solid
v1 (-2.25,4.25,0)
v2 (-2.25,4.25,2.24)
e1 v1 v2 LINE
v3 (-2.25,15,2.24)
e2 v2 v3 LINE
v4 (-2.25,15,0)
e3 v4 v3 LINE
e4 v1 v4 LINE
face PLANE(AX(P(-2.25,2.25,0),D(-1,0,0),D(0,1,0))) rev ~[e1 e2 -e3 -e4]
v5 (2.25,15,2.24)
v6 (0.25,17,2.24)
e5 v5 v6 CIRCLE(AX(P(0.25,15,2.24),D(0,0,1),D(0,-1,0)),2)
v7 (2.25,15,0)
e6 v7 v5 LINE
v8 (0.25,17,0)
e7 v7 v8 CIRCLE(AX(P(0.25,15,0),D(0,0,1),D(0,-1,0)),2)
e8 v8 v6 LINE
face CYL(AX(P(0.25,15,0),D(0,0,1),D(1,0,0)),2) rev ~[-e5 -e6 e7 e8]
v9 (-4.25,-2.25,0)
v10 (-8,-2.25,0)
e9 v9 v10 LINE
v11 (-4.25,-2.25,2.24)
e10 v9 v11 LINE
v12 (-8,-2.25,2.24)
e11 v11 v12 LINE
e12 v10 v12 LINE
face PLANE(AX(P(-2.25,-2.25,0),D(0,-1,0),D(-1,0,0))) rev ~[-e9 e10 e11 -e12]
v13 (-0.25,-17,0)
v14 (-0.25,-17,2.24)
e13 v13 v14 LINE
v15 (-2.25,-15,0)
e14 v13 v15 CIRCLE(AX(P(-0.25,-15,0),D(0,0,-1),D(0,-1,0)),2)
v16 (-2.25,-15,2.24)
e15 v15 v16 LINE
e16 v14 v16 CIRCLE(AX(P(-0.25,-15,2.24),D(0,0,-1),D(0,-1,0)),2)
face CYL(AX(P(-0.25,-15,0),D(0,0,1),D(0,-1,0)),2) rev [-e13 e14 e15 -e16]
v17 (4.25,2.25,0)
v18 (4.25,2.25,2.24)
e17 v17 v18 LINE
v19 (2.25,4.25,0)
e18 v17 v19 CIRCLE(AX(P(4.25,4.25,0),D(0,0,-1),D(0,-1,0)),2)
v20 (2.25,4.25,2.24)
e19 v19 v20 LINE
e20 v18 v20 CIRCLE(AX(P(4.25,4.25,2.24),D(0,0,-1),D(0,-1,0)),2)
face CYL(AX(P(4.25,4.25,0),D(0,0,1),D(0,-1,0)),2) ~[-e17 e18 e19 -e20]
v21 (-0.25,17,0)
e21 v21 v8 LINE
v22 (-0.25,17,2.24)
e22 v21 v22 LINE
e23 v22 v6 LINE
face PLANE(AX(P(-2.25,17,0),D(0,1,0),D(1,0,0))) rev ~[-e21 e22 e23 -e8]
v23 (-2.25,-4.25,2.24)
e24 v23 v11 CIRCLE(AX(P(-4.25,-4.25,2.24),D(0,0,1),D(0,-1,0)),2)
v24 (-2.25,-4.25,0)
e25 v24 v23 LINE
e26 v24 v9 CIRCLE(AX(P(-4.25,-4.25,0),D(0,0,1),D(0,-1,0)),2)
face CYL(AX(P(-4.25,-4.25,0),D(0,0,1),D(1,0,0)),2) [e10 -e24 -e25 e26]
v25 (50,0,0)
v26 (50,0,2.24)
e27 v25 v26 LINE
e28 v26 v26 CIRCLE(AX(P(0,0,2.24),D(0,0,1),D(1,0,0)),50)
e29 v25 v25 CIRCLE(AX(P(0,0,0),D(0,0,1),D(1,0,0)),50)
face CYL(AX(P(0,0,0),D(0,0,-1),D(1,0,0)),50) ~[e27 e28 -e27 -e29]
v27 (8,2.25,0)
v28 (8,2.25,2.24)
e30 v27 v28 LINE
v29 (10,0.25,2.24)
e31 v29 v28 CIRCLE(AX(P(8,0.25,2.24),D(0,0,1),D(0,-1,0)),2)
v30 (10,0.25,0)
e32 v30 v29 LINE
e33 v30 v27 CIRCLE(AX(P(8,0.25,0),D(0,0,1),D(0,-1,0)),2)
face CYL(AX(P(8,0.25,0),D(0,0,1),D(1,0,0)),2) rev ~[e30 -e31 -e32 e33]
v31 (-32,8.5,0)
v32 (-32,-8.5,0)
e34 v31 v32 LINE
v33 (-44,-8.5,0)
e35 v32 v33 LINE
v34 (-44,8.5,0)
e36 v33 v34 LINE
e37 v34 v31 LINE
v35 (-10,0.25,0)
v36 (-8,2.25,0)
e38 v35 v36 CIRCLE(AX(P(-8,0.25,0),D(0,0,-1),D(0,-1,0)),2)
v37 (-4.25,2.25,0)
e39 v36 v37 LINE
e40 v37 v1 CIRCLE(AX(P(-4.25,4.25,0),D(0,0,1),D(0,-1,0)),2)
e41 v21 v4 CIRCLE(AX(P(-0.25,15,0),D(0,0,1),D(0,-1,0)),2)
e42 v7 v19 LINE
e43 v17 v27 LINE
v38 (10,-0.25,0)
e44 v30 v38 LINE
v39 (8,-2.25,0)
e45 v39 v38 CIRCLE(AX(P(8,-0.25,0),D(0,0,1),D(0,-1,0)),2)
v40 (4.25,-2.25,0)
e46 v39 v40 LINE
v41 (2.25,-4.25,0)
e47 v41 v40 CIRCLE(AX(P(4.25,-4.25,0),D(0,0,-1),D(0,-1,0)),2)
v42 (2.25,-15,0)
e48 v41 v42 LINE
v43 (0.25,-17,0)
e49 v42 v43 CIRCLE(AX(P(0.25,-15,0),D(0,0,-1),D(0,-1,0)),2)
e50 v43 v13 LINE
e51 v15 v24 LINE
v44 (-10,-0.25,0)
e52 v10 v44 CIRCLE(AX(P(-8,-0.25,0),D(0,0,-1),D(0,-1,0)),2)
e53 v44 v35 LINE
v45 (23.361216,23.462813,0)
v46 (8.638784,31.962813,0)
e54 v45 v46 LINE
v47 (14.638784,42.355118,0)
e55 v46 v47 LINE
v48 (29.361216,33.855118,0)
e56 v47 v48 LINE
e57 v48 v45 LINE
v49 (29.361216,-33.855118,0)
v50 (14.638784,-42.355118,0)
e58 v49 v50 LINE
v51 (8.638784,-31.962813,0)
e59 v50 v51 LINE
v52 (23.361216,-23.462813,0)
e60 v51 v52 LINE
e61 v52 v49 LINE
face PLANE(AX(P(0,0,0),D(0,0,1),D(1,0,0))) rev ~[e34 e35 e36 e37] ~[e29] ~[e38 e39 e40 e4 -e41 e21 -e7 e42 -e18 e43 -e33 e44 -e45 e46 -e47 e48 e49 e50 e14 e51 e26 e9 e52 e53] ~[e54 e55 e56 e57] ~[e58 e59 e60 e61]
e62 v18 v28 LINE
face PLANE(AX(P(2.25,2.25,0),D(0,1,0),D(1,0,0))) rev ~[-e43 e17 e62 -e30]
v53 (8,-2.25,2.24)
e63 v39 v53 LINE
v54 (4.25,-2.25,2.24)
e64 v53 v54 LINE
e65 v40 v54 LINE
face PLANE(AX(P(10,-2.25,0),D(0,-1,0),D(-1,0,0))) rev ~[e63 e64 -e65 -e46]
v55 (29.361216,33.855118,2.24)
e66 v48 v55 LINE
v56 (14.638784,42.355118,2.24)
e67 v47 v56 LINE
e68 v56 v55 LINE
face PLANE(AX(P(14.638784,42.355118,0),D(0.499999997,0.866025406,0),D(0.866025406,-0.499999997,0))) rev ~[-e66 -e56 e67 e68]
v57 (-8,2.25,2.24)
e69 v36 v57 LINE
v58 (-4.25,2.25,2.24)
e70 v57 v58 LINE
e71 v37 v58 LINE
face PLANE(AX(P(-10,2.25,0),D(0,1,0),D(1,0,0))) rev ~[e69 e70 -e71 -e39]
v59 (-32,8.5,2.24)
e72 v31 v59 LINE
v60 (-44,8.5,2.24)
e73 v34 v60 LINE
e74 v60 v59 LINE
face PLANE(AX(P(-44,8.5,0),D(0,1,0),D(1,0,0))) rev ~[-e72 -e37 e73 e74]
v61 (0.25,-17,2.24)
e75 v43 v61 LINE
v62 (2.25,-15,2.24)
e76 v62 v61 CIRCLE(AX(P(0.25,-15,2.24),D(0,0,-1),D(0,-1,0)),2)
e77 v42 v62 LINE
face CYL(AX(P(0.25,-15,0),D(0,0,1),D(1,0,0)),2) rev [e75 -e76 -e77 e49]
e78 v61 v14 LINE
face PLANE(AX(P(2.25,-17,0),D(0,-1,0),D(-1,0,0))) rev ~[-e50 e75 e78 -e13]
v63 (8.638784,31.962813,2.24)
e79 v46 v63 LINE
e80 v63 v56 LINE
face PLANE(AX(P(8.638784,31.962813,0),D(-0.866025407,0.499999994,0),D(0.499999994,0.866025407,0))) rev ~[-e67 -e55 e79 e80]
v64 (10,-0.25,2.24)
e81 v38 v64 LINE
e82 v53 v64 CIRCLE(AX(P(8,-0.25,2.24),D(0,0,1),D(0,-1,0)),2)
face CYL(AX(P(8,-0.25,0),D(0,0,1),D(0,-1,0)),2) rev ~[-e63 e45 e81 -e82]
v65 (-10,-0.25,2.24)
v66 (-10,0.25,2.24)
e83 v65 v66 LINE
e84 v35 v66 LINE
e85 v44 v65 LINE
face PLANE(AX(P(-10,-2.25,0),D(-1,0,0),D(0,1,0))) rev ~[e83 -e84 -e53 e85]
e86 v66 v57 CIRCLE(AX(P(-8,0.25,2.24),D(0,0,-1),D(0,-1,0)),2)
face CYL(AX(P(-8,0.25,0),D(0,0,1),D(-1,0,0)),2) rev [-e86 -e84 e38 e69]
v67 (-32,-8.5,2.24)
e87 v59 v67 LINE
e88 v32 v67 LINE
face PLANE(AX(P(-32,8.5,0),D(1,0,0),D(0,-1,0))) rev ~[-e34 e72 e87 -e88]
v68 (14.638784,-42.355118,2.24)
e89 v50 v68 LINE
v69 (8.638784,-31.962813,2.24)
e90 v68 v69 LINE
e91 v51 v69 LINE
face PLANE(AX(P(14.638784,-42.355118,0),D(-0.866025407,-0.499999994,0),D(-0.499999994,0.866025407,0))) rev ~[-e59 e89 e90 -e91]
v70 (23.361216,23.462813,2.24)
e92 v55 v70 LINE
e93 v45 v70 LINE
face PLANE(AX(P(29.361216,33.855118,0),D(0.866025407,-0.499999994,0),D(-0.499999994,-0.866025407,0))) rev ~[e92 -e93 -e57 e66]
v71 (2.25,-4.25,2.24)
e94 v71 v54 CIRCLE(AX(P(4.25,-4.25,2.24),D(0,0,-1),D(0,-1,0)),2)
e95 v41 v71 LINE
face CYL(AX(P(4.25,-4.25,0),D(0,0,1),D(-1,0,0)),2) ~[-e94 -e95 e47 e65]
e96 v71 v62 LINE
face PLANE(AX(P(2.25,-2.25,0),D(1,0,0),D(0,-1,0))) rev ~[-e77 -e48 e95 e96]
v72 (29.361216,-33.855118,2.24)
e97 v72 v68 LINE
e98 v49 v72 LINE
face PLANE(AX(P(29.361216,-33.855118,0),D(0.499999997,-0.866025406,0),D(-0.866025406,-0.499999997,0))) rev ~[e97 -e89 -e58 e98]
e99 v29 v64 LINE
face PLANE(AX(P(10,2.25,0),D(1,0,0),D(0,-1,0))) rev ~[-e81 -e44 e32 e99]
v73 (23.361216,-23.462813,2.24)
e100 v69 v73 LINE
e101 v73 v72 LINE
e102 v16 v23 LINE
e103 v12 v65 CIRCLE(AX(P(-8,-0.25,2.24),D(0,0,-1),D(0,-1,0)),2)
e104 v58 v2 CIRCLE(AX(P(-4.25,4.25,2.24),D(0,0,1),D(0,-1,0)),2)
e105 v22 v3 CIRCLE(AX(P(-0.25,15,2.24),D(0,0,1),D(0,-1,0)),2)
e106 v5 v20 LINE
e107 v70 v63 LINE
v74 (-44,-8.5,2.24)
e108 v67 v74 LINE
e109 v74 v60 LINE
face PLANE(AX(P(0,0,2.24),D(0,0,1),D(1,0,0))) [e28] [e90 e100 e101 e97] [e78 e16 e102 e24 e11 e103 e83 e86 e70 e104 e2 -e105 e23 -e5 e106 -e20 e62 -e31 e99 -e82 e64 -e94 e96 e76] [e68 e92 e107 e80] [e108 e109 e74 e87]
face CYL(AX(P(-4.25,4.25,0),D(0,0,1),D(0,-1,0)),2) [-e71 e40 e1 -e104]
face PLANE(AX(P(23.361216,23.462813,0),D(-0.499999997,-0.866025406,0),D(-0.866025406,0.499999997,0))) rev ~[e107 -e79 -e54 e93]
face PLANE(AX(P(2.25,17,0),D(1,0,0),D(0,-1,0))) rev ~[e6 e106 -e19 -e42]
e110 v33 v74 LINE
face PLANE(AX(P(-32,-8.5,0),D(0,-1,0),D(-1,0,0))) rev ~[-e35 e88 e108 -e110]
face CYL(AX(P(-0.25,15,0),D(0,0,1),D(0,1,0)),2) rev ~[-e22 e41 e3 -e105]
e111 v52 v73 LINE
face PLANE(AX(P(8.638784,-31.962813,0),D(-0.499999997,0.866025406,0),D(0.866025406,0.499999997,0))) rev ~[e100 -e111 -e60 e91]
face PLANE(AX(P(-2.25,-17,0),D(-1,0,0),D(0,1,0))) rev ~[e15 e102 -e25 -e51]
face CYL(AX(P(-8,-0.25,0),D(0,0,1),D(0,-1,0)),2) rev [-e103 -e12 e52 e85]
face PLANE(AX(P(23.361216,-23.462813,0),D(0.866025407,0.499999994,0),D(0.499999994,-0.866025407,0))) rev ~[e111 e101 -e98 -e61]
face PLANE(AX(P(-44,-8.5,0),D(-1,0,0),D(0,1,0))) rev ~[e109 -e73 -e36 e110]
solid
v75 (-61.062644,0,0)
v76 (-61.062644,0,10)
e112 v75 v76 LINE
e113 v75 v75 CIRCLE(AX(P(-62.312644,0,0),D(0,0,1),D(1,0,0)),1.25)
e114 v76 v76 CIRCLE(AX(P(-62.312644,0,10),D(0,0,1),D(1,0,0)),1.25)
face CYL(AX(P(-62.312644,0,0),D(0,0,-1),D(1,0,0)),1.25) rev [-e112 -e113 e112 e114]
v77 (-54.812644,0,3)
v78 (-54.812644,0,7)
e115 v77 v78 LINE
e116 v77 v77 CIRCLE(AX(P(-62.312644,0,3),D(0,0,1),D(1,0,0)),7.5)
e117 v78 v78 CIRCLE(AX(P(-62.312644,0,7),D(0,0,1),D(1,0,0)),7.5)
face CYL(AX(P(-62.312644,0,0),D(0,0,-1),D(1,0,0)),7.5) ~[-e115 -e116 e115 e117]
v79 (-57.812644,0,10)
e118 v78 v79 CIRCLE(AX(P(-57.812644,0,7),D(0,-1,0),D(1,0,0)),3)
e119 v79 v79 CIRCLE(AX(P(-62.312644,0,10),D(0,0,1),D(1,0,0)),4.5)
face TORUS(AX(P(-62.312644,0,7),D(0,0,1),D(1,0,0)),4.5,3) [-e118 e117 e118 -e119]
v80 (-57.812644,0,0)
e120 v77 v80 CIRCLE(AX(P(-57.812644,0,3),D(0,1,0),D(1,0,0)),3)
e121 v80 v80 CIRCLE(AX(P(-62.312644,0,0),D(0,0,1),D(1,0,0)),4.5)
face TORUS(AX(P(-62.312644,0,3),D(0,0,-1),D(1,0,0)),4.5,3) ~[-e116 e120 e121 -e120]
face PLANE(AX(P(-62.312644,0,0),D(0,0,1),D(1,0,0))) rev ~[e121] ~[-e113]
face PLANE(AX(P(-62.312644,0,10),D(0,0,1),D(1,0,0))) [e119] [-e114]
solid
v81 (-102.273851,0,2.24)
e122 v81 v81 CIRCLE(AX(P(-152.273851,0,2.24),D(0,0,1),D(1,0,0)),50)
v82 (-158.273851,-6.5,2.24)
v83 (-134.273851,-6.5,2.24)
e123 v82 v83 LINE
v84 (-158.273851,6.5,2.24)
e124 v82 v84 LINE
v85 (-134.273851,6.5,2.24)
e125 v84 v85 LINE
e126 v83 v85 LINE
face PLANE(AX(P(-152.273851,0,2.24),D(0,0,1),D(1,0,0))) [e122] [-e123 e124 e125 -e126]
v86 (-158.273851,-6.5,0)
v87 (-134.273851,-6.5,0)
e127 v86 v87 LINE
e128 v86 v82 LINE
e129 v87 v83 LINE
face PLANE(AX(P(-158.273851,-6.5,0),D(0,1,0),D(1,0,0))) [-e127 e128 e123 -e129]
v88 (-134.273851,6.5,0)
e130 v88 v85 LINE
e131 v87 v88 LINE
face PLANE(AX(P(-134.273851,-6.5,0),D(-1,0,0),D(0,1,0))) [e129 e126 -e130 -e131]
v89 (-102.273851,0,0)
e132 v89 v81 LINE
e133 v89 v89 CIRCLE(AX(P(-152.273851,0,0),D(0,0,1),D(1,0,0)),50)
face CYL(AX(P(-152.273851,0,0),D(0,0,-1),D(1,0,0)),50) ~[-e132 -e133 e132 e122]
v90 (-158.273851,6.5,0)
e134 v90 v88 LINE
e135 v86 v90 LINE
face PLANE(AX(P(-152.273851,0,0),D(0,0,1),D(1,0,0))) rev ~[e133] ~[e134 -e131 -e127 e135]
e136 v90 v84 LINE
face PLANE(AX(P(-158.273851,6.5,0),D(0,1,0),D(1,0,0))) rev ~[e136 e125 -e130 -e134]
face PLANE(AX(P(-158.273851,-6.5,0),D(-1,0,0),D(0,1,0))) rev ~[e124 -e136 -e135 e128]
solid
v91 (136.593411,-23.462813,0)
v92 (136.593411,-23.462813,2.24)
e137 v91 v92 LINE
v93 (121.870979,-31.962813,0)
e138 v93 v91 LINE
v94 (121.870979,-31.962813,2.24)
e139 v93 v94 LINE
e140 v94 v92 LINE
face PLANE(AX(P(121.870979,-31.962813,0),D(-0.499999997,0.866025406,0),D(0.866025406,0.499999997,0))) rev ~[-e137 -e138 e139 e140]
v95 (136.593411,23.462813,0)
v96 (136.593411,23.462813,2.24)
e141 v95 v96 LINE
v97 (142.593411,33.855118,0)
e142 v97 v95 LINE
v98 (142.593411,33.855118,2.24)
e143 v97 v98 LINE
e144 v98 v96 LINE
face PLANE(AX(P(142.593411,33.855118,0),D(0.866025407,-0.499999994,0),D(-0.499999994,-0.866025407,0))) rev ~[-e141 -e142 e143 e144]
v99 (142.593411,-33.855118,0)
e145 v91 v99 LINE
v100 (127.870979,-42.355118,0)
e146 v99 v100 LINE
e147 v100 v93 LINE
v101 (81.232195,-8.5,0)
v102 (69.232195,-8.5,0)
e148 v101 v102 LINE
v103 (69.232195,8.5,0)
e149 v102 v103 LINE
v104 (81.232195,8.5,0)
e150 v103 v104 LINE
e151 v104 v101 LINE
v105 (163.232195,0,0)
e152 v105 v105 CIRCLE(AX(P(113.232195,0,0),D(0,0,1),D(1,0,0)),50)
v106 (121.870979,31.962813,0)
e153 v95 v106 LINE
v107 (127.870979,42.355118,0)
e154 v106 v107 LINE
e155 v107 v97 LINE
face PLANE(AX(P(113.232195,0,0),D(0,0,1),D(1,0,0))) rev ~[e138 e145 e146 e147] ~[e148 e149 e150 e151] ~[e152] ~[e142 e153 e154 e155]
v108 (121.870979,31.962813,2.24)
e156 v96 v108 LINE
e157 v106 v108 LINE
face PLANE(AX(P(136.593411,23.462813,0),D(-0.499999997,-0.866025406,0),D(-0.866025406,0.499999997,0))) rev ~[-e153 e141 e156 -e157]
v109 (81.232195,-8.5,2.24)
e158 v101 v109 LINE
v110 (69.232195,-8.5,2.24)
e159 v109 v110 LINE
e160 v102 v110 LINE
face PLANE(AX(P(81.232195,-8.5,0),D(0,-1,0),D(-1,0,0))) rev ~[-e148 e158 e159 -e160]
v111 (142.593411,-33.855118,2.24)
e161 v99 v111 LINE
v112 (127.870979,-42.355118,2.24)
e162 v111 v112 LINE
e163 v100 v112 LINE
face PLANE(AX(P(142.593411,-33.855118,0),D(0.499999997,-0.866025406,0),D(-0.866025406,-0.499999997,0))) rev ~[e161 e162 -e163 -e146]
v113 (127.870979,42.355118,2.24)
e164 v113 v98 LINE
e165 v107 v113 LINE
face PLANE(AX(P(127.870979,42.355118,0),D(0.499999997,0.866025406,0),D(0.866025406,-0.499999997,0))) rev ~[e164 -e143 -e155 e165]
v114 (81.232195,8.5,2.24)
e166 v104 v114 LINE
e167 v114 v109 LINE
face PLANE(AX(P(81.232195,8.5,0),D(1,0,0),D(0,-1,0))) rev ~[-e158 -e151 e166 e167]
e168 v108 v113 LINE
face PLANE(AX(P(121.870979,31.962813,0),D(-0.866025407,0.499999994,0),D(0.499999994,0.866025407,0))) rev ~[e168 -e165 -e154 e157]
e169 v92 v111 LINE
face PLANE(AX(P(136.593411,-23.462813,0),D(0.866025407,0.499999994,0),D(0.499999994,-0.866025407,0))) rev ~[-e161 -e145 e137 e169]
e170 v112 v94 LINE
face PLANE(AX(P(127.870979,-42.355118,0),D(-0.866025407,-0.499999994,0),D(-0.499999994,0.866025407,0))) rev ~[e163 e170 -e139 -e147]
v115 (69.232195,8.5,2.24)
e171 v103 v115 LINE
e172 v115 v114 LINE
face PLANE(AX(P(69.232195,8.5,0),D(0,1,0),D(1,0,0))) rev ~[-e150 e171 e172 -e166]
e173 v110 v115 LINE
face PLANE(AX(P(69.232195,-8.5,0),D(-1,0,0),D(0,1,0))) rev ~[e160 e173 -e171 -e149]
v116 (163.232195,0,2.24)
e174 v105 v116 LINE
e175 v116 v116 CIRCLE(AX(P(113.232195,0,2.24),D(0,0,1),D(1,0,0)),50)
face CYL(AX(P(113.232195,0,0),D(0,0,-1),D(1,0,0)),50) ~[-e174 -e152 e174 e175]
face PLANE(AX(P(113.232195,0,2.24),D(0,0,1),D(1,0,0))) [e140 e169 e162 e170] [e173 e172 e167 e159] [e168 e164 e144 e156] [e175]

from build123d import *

# Parameters (mm, degrees)
F0_R     = 50
F0_W     = 24
F0_H     = 13
F1_DEPTH = 2.24
F2_R     = 2
F0_R_2   = 7.5
F0_R_3   = 1.25
F3_DEPTH = 10
F4_R     = 3


with BuildPart() as f1:
    # F0 (on Top) → F1 (new body)
    with BuildSketch(Plane.XY):
        with Locations((-152.273851, 0)):
            Circle(F0_R)
        with Locations((-146.273851, 0)):
            Rectangle(F0_W, F0_H, mode=Mode.SUBTRACT)
        Circle(F0_R)
        Polygon((14.638784, -42.355118), (8.638784, -31.962813), (23.361216, -23.462813), (29.361216, -33.855118), align=None, mode=Mode.SUBTRACT)
        Polygon((-44, 8.5), (-32, 8.5), (-32, 7.5), (-32, -8.5), (-44, -8.5), (-44, 7.5), align=None, mode=Mode.SUBTRACT)
        Polygon((2.25, -17), (-2.25, -17), (-2.25, -2.25), (-10, -2.25), (-10, 2.25), (-2.25, 2.25), (-2.25, 17), (2.25, 17), (2.25, 2.25), (10, 2.25), (10, -2.25), (2.25, -2.25), align=None, mode=Mode.SUBTRACT)
        Polygon((29.361216, 33.855118), (23.361216, 23.462813), (8.638784, 31.962813), (14.638784, 42.355118), align=None, mode=Mode.SUBTRACT)
        with Locations((113.232195, 0)):
            Circle(F0_R)
        Polygon((127.870979, -42.355118), (121.870979, -31.962813), (136.593411, -23.462813), (142.593411, -33.855118), align=None, mode=Mode.SUBTRACT)
        Polygon((69.232195, -8.5), (69.232195, 7.5), (69.232195, 8.5), (81.232195, 8.5), (81.232195, 7.5), (81.232195, -8.5), align=None, mode=Mode.SUBTRACT)
        Polygon((136.593411, 23.462813), (121.870979, 31.962813), (127.870979, 42.355118), (142.593411, 33.855118), align=None, mode=Mode.SUBTRACT)
    extrude(amount=F1_DEPTH)

    # F2
    f2_edges = [f1.edges().sort_by_distance(p)[0] for p in [
        (2.25, 17, 1.12),
        (10, 2.25, 1.12),
        (2.25, 2.25, 1.12),
        (2.25, -2.25, 1.12),
        (2.25, -17, 1.12),
        (-2.25, 17, 1.12),
        (-2.25, 2.25, 1.12),
        (-10, 2.25, 1.12),
        (-2.25, -2.25, 1.12),
        (-10, -2.25, 1.12),
        (-2.25, -17, 1.12),
        (10, -2.25, 1.12),
    ]]
    fillet(f2_edges, radius=F2_R)


with BuildPart() as f3:
    # F0 (on Top) → F3 (new body)
    with BuildSketch(Plane.XY):
        with Locations((-62.312644, 0)):
            Circle(F0_R_2)
        with Locations((-62.312644, 0)):
            Circle(F0_R_3, mode=Mode.SUBTRACT)
    extrude(amount=F3_DEPTH)

    # F4
    f4_edges = [f3.edges().sort_by_distance(p)[0] for p in [
        (-69.812644, 0, 10),
        (-69.812644, 0, 0),
    ]]
    fillet(f4_edges, radius=F4_R)


solid = Compound([f1.part, f3.part])
